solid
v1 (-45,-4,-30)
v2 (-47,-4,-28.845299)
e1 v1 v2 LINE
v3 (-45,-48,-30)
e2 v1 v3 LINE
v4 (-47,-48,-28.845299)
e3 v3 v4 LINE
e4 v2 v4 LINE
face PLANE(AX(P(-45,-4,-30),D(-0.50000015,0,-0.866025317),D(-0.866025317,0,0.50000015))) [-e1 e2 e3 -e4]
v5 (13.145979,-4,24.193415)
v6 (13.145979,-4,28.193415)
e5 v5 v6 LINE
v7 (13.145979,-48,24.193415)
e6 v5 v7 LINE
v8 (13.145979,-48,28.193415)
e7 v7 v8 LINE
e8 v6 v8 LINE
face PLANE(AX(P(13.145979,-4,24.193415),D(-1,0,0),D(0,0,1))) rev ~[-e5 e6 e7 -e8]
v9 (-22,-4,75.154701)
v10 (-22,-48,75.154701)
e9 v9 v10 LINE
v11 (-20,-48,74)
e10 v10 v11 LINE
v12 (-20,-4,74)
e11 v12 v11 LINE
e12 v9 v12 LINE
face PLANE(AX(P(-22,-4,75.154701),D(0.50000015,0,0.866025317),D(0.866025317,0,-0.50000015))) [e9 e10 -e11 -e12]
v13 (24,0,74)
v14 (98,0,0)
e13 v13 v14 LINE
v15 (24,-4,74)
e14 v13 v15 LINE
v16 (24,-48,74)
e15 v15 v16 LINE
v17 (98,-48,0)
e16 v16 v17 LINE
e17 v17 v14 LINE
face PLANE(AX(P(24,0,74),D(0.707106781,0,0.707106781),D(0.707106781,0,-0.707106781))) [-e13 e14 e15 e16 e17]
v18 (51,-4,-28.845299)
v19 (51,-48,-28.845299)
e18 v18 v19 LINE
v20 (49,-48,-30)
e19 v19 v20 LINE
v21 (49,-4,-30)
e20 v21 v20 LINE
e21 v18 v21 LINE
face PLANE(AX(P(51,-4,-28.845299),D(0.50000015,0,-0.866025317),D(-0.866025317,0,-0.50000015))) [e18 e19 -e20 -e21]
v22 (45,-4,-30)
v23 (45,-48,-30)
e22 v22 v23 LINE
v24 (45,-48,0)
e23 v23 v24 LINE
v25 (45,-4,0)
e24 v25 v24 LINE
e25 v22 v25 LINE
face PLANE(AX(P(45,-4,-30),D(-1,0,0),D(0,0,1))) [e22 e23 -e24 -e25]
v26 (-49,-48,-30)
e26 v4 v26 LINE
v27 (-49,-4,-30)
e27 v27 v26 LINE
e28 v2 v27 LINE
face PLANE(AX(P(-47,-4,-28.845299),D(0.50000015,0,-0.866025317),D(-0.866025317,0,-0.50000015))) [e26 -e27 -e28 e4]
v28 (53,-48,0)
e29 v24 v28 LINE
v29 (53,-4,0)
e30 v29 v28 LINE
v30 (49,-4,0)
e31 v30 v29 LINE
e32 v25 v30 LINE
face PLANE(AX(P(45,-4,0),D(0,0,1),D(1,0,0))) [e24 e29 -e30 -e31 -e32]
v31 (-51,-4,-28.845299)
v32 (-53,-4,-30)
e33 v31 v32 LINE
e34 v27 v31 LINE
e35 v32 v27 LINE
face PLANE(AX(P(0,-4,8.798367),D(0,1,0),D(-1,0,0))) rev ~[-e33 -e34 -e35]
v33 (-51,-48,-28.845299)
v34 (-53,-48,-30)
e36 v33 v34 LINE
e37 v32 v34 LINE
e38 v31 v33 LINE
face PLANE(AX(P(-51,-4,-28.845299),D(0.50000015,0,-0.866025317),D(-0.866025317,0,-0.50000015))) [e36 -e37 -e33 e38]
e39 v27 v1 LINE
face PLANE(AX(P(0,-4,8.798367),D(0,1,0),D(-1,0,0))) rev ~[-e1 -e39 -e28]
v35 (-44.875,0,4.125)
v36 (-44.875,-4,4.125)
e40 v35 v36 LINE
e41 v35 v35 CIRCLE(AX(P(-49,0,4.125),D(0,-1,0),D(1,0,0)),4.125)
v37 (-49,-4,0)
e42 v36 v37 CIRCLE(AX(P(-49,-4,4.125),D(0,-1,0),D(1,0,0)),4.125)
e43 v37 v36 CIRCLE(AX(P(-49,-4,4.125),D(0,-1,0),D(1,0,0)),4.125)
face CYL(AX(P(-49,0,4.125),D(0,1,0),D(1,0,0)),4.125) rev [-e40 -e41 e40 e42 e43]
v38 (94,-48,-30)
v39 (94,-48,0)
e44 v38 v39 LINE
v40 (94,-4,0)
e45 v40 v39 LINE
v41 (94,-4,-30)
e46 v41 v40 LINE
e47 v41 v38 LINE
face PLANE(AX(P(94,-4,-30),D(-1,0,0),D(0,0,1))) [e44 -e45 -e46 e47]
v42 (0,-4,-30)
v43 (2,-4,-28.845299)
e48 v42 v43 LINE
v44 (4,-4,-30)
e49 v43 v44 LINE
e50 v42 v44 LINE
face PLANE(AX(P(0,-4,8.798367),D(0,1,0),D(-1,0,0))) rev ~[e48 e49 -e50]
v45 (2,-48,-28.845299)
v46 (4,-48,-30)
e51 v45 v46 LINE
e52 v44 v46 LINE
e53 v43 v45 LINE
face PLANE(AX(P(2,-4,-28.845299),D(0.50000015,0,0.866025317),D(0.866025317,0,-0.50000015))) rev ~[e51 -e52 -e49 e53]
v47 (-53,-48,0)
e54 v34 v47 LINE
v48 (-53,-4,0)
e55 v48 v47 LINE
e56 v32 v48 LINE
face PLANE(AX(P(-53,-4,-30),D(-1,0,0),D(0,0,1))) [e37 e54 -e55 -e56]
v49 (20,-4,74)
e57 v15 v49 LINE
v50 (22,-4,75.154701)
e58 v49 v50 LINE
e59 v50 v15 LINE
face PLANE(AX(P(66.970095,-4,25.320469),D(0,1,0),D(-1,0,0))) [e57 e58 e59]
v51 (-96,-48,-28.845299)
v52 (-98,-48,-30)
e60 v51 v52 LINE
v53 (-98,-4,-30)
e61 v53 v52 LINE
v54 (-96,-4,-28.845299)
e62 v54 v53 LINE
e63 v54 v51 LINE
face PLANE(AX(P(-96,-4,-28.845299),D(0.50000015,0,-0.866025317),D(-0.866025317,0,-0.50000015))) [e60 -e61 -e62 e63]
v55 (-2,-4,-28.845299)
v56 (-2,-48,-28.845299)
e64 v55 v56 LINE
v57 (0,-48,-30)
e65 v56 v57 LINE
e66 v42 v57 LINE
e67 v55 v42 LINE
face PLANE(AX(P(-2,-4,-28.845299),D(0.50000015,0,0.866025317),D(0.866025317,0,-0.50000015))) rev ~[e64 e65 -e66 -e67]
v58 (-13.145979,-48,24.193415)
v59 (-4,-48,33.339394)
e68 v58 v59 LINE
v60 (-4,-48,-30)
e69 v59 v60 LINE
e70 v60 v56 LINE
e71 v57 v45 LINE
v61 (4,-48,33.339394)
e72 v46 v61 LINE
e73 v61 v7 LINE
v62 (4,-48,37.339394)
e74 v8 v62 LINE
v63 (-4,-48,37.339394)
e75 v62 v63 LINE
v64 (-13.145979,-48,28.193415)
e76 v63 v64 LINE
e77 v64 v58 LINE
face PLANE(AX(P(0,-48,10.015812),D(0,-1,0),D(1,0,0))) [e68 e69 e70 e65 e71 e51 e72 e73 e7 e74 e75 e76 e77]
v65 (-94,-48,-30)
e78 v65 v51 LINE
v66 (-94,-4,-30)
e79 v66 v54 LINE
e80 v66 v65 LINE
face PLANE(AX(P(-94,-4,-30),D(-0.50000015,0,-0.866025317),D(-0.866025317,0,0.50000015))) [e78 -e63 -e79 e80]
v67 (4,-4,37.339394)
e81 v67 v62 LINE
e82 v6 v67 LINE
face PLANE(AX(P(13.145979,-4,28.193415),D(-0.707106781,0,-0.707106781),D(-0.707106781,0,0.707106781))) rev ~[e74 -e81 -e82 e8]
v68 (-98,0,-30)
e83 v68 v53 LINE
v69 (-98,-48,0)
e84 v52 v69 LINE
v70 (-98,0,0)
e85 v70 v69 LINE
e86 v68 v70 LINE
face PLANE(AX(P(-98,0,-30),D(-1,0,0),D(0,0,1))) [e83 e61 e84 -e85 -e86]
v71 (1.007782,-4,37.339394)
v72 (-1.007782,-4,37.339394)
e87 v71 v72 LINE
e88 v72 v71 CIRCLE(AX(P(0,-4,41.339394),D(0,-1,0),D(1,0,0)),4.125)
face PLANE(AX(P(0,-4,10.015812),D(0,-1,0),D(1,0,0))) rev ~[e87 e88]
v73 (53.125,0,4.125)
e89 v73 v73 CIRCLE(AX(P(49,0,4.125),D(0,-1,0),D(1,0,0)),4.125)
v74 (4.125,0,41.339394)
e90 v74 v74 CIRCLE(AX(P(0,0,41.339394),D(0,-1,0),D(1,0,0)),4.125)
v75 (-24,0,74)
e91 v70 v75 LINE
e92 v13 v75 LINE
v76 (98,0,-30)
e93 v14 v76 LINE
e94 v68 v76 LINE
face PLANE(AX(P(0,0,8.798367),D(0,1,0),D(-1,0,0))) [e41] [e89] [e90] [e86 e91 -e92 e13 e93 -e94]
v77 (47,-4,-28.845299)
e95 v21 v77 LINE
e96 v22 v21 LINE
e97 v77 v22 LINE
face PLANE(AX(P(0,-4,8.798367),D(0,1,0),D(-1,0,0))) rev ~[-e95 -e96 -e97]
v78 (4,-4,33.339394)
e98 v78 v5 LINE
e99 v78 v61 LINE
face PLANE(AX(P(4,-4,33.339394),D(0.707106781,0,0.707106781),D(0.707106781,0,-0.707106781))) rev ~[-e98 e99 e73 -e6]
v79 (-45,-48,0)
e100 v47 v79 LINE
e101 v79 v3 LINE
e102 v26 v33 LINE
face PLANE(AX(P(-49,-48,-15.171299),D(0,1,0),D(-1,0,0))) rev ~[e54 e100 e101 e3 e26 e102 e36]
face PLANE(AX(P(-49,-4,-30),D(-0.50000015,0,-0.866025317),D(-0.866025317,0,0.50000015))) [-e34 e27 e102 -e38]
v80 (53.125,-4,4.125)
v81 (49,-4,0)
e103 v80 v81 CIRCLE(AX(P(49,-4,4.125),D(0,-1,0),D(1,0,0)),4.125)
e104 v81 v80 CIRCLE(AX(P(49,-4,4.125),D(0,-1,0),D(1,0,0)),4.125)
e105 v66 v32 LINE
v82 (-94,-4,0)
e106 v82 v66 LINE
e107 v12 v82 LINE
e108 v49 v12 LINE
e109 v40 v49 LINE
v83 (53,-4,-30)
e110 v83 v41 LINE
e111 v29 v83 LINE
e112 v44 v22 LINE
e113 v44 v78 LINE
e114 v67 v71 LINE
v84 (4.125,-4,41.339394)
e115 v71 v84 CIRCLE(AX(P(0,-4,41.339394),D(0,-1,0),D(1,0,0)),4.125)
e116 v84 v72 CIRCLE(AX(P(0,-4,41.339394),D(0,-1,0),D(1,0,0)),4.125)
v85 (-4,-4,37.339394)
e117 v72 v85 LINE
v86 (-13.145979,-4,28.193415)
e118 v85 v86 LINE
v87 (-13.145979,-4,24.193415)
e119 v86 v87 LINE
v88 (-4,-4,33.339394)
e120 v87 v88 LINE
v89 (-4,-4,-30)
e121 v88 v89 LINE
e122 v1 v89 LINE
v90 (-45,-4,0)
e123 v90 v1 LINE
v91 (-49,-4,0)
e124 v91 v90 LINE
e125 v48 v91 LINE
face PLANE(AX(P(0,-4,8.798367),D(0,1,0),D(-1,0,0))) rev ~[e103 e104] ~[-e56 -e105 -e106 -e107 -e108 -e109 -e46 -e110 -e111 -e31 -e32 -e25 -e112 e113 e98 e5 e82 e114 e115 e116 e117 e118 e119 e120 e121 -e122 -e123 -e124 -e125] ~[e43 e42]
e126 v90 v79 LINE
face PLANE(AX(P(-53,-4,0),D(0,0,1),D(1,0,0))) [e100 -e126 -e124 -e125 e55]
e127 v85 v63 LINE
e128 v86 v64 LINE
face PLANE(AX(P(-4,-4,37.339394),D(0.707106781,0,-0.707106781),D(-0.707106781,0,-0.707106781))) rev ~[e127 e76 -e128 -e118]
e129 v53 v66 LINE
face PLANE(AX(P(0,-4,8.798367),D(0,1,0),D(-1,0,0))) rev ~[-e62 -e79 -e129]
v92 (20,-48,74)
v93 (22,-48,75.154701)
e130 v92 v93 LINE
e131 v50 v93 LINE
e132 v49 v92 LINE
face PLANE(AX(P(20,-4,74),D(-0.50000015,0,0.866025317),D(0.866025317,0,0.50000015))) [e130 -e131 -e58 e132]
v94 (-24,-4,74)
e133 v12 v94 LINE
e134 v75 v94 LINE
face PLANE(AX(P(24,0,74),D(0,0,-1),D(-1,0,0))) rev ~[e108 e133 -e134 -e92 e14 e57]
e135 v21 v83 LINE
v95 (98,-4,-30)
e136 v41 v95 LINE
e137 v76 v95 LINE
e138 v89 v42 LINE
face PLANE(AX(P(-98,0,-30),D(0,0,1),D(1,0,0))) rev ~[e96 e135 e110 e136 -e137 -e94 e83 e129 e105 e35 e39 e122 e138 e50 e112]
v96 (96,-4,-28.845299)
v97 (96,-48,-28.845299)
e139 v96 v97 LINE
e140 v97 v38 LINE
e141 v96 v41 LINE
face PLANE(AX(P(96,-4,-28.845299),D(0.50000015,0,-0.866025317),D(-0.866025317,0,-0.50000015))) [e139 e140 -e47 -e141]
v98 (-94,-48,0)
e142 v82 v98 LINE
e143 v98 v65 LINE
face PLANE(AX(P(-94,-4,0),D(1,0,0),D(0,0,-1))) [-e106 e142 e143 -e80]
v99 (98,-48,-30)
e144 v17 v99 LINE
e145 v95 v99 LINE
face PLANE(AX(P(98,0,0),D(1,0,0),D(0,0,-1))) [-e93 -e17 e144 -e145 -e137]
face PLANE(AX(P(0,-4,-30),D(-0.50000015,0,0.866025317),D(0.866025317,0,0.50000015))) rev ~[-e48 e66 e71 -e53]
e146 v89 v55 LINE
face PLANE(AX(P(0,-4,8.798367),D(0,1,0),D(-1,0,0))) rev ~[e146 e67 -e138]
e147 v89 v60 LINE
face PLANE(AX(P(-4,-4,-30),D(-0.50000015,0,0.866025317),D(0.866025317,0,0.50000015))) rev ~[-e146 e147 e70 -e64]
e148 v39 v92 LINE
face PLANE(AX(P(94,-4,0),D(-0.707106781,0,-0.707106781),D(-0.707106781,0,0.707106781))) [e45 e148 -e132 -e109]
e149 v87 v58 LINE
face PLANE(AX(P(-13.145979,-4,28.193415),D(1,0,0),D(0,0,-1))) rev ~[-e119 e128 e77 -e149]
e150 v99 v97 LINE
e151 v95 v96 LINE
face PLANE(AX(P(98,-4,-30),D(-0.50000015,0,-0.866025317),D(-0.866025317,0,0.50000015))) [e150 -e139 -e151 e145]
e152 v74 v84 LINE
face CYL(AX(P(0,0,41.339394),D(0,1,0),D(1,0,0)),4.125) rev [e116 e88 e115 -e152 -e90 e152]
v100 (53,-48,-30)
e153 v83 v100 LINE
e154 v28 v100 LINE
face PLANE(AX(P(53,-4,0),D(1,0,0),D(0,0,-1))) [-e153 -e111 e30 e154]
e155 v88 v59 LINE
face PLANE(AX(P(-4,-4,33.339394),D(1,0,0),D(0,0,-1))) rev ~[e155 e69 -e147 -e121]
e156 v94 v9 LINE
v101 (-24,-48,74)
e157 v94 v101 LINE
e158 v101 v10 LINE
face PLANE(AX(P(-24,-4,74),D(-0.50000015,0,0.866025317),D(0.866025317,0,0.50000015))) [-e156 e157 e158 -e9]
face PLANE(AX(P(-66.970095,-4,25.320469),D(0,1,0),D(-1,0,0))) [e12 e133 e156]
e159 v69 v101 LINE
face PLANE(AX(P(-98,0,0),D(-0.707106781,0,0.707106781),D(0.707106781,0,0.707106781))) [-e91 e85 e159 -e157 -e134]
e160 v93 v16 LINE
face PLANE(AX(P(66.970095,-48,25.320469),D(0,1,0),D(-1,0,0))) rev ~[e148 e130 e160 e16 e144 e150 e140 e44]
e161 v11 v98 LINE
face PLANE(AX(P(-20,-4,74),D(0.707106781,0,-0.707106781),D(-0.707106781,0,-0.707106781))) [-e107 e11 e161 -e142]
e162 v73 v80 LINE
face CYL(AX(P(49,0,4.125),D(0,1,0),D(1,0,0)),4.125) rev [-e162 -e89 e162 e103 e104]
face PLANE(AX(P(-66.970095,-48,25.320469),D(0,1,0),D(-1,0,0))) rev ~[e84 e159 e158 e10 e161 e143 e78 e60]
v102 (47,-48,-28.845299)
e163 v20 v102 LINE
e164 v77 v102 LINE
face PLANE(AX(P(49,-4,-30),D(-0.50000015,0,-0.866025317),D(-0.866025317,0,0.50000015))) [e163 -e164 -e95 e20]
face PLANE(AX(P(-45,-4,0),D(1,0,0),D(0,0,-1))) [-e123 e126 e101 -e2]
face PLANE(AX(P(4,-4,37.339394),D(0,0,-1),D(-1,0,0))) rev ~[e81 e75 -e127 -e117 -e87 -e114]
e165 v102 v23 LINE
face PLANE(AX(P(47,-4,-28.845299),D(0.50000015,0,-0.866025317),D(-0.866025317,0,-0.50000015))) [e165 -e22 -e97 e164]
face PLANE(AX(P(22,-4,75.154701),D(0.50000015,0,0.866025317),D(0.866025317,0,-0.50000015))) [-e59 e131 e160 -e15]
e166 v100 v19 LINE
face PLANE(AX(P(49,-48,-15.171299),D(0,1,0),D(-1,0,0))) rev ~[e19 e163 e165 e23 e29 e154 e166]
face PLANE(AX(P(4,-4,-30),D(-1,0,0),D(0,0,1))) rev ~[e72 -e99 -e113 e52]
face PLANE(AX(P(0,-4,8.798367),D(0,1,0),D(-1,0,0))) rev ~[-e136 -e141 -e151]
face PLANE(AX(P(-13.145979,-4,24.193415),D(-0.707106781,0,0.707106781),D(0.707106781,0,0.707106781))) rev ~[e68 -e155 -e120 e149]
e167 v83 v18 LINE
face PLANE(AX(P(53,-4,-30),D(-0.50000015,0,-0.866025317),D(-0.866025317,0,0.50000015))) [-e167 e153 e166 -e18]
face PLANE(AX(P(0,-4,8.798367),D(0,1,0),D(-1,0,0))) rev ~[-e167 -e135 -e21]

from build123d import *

# Parameters (mm, degrees)
SKETCH005_R      = 4.125
EXTRUDE007_DEPTH = 4
EXTRUDE004_DEPTH = 44


with BuildPart() as extrude007:
    # Sketch005 → Extrude007 (new body)
    with BuildSketch(Plane.XZ):
        Polygon((24, 74), (98, 0), (98, -30), (94, -30), (53, -30), (49, -30), (45, -30), (4, -30), (0, -30), (-4, -30), (-45, -30), (-49, -30), (-53, -30), (-94, -30), (-98, -30), (-98, 0), (-24, 74), (-20, 74), (20, 74), align=None)
        with Locations((-49, 4.125)):
            Circle(SKETCH005_R, mode=Mode.SUBTRACT)
        with Locations((49, 4.125)):
            Circle(SKETCH005_R, mode=Mode.SUBTRACT)
        with Locations((0, 41.339394)):
            Circle(SKETCH005_R, mode=Mode.SUBTRACT)
    extrude(amount=EXTRUDE007_DEPTH)


with BuildPart() as stage_3_paths:
    # Sketch → Extrude004 (new body)
    with BuildSketch(Plane.XZ):
        Polygon((-20, 74), (-94, 0), (-94, -30), (-96, -28.845299), (-98, -30), (-98, 0), (-24, 74), (-22, 75.154701), align=None)
        Polygon((24, 74), (98, 0), (98, -30), (96, -28.845299), (94, -30), (94, 0), (20, 74), (22, 75.154701), align=None)
        Polygon((4, 37.339394), (-4, 37.339394), (-13.145979, 28.193415), (-13.145979, 24.193415), (-4, 33.339394), (-4, 0), (-4, -30), (-2, -28.845299), (0, -30), (2, -28.845299), (4, -30), (4, 0), (4, 33.339394), (13.145979, 24.193415), (13.145979, 28.193415), align=None)
        Polygon((-53, 0), (-45, 0), (-45, -30), (-47, -28.845299), (-49, -30), (-51, -28.845299), (-53, -30), align=None)
        Polygon((45, 0), (53, 0), (53, -30), (51, -28.845299), (49, -30), (47, -28.845299), (45, -30), align=None)
    extrude(amount=EXTRUDE004_DEPTH)


with BuildPart() as stage_3_paths_1:
    # Extrude004 placement: moved
    add(stage_3_paths.part.moved(Location((0, -4, 0))))

    # Fusion005: union Extrude007
    add(extrude007.part)


solid = stage_3_paths_1.part
